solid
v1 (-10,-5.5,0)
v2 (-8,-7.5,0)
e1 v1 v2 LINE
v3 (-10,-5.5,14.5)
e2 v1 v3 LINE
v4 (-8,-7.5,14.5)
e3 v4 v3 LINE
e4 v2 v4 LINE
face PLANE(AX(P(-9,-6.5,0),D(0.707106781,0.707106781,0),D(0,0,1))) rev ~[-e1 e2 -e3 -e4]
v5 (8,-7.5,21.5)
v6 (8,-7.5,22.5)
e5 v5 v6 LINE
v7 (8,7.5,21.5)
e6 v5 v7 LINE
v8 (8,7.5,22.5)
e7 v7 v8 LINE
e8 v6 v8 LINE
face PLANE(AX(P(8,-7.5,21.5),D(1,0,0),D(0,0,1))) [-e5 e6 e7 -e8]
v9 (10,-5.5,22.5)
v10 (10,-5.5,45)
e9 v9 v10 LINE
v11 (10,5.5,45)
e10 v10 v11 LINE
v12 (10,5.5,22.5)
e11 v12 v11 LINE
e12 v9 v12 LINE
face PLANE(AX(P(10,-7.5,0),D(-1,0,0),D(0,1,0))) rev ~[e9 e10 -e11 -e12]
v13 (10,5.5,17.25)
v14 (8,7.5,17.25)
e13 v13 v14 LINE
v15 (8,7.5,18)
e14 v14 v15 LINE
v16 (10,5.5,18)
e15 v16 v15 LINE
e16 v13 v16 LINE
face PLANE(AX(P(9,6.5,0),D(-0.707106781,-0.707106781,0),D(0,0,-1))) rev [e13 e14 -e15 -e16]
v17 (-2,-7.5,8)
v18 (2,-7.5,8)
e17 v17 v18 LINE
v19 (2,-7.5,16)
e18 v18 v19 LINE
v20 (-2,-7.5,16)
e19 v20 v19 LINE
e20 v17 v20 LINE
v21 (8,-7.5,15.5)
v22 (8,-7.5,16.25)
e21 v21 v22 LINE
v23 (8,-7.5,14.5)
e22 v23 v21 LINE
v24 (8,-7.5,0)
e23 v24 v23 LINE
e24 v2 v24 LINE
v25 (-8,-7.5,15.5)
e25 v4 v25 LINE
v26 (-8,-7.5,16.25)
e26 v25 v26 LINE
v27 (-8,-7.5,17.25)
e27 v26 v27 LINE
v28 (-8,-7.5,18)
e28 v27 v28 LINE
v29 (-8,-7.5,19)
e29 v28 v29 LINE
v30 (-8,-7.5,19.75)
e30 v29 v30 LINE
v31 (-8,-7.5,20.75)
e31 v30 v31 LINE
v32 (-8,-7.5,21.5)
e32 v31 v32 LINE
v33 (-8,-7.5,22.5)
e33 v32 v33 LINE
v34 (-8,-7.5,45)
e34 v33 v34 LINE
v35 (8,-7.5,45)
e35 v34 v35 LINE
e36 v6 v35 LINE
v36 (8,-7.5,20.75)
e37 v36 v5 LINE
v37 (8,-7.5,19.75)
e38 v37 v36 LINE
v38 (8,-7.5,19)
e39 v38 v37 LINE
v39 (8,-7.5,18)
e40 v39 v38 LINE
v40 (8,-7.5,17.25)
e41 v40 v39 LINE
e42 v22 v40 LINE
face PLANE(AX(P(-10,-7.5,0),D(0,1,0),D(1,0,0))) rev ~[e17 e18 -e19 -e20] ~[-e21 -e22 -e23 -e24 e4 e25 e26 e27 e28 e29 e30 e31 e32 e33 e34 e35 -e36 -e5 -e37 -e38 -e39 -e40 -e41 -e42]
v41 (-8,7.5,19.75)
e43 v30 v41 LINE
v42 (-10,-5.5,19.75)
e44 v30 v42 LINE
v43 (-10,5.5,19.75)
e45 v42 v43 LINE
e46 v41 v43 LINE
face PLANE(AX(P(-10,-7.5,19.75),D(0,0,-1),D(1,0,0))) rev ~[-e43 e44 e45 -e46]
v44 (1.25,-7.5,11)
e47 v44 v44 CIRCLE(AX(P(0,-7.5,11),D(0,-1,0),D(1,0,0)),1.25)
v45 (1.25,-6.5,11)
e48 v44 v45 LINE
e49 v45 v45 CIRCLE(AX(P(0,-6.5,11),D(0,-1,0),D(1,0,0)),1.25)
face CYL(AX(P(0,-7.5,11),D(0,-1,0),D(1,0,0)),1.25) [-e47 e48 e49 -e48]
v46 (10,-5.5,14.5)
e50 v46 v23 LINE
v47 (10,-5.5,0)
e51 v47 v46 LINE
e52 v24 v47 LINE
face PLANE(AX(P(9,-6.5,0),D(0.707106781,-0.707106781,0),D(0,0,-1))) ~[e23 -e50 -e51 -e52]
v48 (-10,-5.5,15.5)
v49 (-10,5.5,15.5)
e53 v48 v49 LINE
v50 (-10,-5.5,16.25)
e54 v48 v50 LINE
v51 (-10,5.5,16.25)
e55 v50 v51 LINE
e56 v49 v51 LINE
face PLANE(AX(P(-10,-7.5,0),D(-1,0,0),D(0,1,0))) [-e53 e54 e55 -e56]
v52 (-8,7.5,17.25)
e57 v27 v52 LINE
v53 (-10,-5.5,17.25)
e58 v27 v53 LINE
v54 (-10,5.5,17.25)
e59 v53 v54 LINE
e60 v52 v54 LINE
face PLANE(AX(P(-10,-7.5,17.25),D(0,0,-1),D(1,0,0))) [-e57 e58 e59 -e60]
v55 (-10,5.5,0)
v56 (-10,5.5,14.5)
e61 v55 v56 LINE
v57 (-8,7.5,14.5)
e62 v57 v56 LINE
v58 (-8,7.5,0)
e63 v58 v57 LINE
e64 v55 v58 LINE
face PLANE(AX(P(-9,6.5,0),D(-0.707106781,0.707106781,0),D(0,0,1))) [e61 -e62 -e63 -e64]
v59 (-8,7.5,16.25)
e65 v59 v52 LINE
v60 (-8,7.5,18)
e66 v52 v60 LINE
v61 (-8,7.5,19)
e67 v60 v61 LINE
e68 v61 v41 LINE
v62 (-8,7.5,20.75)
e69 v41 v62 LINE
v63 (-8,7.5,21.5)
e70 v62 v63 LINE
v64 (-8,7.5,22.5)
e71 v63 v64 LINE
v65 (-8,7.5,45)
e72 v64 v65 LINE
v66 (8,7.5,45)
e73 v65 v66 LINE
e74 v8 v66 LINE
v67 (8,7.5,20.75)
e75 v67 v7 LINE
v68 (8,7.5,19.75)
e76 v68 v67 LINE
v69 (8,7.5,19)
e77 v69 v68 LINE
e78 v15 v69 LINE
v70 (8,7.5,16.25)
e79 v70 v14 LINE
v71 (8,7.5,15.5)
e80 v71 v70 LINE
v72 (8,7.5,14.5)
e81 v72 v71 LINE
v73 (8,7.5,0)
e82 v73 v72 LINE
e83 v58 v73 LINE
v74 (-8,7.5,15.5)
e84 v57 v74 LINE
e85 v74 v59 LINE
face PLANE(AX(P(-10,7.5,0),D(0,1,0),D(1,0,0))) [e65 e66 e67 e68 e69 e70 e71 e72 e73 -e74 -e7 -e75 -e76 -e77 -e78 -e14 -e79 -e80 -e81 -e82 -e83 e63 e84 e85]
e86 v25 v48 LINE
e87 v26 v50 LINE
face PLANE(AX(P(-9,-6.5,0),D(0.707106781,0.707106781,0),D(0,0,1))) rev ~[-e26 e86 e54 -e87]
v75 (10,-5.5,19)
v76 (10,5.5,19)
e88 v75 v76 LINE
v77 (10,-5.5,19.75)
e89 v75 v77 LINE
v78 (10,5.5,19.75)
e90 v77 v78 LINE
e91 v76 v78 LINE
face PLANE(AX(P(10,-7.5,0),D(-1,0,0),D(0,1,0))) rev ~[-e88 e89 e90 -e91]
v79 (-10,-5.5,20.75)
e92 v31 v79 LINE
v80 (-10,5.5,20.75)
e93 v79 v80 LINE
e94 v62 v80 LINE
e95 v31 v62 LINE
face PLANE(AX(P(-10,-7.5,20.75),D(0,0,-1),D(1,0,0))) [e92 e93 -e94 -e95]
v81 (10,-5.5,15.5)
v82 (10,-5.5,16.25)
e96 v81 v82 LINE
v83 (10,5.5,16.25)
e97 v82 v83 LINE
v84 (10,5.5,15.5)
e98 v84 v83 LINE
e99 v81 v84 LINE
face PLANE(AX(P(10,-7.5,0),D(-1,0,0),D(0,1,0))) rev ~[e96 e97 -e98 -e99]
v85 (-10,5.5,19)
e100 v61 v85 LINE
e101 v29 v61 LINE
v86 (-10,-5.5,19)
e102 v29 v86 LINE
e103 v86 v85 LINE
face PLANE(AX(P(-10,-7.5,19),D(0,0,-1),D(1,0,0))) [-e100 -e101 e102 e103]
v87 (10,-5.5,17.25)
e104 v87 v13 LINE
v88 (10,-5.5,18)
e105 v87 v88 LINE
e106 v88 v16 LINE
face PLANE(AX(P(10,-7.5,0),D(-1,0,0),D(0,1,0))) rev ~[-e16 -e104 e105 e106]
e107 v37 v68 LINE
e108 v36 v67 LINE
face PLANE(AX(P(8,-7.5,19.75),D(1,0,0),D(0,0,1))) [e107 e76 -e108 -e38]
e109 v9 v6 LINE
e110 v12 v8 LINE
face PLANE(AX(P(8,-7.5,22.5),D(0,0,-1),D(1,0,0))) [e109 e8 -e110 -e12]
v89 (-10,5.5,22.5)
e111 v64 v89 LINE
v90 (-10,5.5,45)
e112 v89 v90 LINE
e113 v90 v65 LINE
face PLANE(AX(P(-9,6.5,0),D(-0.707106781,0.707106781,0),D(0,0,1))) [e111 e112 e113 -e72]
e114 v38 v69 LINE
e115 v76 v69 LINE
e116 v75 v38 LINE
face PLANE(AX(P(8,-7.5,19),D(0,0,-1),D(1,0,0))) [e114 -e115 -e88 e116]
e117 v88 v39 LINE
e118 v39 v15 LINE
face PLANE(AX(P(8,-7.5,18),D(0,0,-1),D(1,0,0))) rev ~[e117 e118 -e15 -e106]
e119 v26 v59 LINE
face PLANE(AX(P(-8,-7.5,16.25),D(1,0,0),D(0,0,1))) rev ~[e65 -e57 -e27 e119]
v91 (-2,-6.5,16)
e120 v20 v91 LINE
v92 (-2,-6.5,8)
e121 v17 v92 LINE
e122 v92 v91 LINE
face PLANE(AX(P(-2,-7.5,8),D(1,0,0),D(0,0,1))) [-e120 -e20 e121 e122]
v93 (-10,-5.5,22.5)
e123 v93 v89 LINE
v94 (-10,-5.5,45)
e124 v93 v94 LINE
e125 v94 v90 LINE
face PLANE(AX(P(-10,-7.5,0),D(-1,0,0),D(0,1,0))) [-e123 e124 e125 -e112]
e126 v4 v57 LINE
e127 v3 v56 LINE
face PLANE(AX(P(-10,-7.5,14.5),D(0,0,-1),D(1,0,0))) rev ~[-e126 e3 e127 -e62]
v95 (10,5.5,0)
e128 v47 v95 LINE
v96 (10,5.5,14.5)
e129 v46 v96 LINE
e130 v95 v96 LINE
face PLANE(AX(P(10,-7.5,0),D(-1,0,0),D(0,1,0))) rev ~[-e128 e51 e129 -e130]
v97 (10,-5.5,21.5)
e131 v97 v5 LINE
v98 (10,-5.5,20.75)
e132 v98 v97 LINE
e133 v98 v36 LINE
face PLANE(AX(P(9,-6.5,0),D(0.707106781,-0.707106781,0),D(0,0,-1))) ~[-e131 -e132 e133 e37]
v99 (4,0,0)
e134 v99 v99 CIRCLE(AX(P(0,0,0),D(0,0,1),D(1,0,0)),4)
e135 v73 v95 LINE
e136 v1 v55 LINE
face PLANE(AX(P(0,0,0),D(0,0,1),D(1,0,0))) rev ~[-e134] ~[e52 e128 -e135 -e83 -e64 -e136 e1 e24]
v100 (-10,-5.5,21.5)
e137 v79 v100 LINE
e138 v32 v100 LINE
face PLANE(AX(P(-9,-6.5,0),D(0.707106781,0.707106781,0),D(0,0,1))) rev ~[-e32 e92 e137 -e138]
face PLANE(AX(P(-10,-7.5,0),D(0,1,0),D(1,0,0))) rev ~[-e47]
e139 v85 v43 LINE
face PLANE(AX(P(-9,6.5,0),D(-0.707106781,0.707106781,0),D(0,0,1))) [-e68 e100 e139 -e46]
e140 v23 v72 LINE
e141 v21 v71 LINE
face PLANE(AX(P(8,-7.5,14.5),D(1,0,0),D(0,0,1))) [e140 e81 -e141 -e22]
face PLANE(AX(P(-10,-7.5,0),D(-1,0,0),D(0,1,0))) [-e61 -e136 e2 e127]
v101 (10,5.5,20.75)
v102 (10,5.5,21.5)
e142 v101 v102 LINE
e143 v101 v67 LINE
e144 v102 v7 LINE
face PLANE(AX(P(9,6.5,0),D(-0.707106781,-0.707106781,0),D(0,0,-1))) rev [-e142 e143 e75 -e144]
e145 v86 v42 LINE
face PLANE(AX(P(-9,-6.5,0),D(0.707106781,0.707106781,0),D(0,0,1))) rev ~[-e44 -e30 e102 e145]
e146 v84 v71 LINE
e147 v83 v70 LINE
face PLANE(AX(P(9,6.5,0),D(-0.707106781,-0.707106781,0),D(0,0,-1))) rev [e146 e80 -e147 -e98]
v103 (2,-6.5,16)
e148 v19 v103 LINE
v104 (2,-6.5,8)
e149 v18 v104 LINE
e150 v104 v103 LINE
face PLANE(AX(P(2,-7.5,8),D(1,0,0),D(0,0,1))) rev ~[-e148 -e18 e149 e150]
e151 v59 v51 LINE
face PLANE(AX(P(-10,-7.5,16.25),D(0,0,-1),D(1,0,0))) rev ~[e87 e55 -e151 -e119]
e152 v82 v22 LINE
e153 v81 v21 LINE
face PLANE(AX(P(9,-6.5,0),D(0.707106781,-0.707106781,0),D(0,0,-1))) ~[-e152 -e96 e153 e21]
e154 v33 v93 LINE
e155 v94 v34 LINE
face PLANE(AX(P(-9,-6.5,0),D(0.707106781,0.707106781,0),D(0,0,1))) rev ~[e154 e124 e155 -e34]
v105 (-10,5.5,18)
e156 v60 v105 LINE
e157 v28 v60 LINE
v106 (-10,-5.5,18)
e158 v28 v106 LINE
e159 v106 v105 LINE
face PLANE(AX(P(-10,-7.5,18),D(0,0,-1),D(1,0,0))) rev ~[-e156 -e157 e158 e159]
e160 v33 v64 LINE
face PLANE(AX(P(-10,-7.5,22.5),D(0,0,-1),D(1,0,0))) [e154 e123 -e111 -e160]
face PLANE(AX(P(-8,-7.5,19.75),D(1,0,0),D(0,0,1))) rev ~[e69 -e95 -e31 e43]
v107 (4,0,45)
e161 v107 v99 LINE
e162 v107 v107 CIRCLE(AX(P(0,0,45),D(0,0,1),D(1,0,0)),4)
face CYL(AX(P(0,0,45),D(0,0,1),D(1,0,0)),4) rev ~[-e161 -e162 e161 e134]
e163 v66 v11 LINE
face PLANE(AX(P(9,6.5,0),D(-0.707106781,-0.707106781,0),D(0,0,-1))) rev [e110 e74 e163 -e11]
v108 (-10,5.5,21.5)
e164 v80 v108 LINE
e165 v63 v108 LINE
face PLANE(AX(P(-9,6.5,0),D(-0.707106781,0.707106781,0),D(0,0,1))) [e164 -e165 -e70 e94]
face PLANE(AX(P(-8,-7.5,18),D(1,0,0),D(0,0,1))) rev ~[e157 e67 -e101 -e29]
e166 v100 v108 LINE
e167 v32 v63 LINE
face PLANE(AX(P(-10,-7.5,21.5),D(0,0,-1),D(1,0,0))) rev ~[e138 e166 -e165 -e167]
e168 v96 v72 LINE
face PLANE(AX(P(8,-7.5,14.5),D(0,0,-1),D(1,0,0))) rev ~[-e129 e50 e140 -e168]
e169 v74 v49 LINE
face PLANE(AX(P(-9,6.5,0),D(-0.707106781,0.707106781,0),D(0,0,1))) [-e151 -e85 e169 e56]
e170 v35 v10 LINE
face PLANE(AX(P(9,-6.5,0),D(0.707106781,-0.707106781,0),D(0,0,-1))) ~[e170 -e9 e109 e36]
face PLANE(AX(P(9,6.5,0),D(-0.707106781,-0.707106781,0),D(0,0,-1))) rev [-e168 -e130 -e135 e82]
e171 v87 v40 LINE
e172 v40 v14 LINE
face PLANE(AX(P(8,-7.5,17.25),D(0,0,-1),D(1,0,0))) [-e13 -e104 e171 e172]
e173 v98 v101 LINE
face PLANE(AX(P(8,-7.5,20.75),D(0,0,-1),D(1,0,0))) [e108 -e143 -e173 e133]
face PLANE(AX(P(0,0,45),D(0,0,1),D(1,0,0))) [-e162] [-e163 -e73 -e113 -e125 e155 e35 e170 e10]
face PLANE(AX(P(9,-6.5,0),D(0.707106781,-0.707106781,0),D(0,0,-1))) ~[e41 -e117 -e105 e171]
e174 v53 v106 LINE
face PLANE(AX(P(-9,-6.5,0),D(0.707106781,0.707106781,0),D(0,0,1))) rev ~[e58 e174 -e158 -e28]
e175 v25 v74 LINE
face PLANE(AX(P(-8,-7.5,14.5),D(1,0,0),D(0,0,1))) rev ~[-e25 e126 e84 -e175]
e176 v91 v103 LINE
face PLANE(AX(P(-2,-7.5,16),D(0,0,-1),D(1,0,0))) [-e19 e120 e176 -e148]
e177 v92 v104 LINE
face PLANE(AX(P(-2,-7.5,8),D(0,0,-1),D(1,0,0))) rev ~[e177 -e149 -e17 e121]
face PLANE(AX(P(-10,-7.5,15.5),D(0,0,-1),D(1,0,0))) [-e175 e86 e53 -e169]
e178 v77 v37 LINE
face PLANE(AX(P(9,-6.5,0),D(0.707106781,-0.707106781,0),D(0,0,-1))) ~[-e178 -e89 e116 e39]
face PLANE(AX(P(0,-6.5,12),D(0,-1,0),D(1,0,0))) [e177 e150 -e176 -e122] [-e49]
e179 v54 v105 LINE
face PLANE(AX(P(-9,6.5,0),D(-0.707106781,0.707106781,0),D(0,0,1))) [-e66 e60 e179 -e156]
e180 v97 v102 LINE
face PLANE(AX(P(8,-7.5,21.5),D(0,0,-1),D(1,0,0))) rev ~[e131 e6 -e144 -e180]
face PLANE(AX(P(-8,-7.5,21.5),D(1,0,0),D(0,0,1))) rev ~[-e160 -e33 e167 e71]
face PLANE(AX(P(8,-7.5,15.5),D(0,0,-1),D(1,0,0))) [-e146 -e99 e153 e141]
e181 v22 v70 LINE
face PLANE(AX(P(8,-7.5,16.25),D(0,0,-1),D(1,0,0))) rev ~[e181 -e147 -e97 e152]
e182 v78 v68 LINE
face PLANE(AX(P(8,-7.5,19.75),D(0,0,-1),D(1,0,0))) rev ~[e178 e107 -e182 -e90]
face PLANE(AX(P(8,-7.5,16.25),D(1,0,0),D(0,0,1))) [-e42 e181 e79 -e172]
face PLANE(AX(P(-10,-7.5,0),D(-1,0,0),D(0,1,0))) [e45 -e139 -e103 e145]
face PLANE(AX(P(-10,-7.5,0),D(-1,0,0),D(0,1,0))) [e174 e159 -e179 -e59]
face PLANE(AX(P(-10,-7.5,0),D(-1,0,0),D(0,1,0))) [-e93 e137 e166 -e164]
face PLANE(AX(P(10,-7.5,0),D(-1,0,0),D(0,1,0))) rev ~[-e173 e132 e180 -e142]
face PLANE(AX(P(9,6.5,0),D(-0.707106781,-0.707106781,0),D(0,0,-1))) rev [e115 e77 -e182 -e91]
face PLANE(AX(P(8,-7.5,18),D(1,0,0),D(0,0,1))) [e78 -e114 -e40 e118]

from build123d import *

# Parameters (mm, degrees)
SKETCH1_W           = 20
SKETCH1_H           = 15
BOSS_EXTRUDE1_DEPTH = 45
SKETCH2_R           = 4
CUT_EXTRUDE1_DEPTH  = 46
CHAMFER1_SIZE       = 2
SKETCH4_W           = 2
SKETCH4_H           = 1
CUT_EXTRUDE2_DEPTH  = 16
SKETCH5_W           = 4
SKETCH5_H           = 8
SKETCH5_R           = 1.25
CUT_EXTRUDE3_DEPTH  = 1


with BuildPart() as part:
    # Sketch1 → Boss-Extrude1 (new body)
    with BuildSketch(Plane.XY):
        Rectangle(SKETCH1_W, SKETCH1_H)
    extrude(amount=BOSS_EXTRUDE1_DEPTH)

    # Sketch2 → Cut-Extrude1 (cut, through all)
    with BuildSketch(Plane.XY.offset(45)):
        Circle(SKETCH2_R)
    extrude(amount=-CUT_EXTRUDE1_DEPTH, mode=Mode.SUBTRACT)

    # Chamfer1
    chamfer1_edges = [part.edges().sort_by_distance(p)[0] for p in [
        (10, 7.5, 22.5),
        (10, -7.5, 22.5),
        (-10, -7.5, 22.5),
        (-10, 7.5, 22.5),
    ]]
    chamfer(chamfer1_edges, length=CHAMFER1_SIZE)

    # Sketch4 → Cut-Extrude2 (cut, through all)
    with BuildSketch(Plane.XZ.offset(7.5)):
        with Locations((-9, 15)):
            Rectangle(SKETCH4_W, SKETCH4_H)
        with Locations((-9, 16.75)):
            Rectangle(SKETCH4_W, SKETCH4_H)
        with Locations((-9, 18.5)):
            Rectangle(SKETCH4_W, SKETCH4_H)
        with Locations((-9, 20.25)):
            Rectangle(SKETCH4_W, SKETCH4_H)
        with Locations((-9, 22)):
            Rectangle(SKETCH4_W, SKETCH4_H)
        with Locations((9, 22)):
            Rectangle(SKETCH4_W, SKETCH4_H)
        with Locations((9, 20.25)):
            Rectangle(SKETCH4_W, SKETCH4_H)
        with Locations((9, 18.5)):
            Rectangle(SKETCH4_W, SKETCH4_H)
        with Locations((9, 16.75)):
            Rectangle(SKETCH4_W, SKETCH4_H)
        with Locations((9, 15)):
            Rectangle(SKETCH4_W, SKETCH4_H)
    extrude(amount=-CUT_EXTRUDE2_DEPTH, mode=Mode.SUBTRACT)

    # Sketch5 → Cut-Extrude3 (cut)
    with BuildSketch(Plane.XZ.offset(7.5)):
        with Locations((0, 12)):
            Rectangle(SKETCH5_W, SKETCH5_H)
        with Locations((0, 11)):
            Circle(SKETCH5_R, mode=Mode.SUBTRACT)
    extrude(amount=-CUT_EXTRUDE3_DEPTH, mode=Mode.SUBTRACT)


solid = part.part
